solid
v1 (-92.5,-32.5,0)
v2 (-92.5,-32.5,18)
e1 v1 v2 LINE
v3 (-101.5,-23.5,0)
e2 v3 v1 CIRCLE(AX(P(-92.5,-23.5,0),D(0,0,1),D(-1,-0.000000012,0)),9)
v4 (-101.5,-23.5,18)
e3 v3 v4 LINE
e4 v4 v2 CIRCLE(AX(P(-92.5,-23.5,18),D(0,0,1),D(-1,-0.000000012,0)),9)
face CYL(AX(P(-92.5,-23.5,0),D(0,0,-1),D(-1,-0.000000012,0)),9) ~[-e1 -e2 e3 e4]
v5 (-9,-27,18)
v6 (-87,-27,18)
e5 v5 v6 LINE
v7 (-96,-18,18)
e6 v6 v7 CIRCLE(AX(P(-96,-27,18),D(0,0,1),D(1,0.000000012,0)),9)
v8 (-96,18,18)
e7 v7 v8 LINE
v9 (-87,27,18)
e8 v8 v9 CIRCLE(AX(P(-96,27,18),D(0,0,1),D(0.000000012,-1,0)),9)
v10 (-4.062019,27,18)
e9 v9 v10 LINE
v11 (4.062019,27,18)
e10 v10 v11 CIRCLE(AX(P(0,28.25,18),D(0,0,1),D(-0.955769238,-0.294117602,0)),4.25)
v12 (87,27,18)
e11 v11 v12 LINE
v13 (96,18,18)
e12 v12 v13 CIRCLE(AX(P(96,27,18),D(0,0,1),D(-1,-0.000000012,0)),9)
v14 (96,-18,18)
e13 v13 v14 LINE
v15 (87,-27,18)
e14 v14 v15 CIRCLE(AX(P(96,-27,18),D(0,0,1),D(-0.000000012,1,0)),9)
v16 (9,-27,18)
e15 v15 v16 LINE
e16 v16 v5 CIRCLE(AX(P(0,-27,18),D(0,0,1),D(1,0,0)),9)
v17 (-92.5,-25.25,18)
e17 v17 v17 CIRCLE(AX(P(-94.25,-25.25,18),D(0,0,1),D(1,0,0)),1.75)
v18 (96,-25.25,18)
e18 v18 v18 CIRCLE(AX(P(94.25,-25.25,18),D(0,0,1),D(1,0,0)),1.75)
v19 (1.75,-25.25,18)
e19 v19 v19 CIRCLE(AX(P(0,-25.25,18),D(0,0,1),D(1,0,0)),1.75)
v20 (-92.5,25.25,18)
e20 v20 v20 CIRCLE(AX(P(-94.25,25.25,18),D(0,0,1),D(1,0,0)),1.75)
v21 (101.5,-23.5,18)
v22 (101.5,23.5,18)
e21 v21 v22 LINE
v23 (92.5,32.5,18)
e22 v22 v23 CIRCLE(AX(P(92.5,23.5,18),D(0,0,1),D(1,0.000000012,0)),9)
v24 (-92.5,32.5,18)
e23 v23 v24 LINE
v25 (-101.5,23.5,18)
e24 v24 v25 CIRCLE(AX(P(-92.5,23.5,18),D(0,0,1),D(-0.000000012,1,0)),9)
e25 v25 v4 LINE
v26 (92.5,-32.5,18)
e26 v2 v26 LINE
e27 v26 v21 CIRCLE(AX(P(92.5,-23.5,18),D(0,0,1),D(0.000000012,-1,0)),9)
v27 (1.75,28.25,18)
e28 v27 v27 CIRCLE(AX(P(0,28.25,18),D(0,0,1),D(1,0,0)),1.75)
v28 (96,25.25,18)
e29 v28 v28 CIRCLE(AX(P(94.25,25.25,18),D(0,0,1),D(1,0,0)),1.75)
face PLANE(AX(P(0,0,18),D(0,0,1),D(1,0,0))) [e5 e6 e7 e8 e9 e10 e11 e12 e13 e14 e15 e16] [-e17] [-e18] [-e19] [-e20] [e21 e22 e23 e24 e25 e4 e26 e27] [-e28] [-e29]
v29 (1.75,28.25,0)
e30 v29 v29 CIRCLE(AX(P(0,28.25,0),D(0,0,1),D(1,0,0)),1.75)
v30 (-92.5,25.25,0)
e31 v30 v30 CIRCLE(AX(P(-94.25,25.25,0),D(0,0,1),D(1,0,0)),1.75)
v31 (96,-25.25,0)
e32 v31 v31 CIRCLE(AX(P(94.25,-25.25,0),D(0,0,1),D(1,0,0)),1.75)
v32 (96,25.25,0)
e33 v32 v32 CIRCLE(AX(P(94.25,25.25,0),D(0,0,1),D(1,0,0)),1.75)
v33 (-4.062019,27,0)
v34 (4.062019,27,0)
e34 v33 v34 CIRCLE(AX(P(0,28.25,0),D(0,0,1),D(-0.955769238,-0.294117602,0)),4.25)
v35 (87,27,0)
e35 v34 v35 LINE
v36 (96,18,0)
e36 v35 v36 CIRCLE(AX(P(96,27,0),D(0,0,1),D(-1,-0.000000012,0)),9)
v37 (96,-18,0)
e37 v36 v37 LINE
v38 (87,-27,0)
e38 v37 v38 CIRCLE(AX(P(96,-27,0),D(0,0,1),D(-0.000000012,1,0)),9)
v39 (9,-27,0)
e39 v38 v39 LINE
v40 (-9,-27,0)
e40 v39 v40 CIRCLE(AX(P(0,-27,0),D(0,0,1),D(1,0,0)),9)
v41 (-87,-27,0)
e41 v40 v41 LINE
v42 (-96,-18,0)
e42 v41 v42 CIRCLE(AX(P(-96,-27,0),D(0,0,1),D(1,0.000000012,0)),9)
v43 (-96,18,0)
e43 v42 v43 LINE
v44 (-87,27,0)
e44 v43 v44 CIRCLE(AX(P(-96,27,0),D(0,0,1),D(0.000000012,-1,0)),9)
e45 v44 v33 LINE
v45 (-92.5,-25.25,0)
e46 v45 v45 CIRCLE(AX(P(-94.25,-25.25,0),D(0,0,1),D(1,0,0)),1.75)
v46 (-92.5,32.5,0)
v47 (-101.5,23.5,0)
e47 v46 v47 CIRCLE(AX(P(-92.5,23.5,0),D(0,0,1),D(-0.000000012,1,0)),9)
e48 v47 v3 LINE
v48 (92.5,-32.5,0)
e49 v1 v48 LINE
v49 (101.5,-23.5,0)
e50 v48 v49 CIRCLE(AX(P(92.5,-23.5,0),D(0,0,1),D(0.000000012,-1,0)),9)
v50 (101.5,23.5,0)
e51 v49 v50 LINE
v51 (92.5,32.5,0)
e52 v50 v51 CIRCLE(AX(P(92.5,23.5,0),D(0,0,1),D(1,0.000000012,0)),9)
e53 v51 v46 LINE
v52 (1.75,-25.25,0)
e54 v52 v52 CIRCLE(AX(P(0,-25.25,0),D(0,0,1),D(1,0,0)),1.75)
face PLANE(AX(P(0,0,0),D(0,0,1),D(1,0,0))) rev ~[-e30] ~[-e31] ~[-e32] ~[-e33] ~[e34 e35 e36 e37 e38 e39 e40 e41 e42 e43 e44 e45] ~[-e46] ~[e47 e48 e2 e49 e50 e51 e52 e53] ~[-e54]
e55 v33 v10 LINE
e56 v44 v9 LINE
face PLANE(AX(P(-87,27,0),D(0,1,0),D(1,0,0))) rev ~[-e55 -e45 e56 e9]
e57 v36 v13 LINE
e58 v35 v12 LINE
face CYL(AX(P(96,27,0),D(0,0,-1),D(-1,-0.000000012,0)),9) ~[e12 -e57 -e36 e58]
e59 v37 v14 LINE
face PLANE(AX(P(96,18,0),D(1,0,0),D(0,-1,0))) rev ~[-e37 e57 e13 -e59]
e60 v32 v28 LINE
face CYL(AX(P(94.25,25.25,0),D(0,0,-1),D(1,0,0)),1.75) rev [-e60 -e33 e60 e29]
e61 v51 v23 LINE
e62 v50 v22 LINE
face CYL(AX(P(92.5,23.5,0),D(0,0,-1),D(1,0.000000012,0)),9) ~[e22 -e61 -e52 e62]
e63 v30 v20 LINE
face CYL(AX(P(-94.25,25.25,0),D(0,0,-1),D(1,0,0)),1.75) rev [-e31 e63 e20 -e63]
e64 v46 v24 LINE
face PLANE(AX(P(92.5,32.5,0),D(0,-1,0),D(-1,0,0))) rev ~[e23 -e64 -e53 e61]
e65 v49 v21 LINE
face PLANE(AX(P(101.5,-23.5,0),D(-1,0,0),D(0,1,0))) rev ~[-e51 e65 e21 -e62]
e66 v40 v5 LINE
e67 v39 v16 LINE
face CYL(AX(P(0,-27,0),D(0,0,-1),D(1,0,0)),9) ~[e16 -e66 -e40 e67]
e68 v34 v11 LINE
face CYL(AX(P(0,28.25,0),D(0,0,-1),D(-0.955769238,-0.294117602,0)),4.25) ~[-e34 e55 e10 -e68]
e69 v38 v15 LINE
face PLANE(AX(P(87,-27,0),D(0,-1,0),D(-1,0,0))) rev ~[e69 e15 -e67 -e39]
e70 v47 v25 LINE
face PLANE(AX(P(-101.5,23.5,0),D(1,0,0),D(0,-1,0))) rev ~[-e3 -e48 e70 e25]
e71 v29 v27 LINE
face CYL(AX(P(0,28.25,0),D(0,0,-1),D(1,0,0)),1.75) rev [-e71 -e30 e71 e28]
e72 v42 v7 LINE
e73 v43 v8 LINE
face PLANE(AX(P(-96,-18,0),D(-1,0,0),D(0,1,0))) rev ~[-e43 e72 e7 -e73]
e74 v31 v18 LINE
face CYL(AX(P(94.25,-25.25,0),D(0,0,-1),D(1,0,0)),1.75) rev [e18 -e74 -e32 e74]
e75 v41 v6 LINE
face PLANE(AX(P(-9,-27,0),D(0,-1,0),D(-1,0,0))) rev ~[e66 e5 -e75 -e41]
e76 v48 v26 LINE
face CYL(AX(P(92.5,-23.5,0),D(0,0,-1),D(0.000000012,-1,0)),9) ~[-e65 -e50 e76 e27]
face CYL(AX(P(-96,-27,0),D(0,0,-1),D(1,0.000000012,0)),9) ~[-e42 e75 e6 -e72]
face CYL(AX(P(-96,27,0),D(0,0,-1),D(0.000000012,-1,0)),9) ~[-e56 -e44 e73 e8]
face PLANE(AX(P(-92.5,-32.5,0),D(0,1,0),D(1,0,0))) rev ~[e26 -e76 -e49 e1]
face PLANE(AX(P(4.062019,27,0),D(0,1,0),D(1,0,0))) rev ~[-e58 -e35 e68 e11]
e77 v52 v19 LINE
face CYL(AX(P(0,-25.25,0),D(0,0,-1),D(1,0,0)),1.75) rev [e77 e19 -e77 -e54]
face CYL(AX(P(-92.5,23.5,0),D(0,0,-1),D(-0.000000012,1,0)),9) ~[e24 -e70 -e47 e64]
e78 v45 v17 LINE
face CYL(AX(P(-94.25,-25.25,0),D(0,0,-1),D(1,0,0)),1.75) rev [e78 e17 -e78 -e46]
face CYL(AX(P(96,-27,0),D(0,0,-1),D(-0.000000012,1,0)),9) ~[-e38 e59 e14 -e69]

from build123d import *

# Parameters (mm, degrees)
F0_R     = 1.75
F1_DEPTH = 18


with BuildPart() as f1:
    # F0 (on Top) → F1 (new body)
    with BuildSketch(Plane.XY):
        with BuildLine():
            Line((-92.5, -32.5), (92.5, -32.5))
            ThreePointArc((92.5, -32.5), (98.863961, -29.863961), (101.5, -23.5))
            Line((101.5, -23.5), (101.5, 23.5))
            ThreePointArc((101.5, 23.5), (98.863961, 29.863961), (92.5, 32.5))
            Line((92.5, 32.5), (-92.5, 32.5))
            ThreePointArc((-92.5, 32.5), (-98.863961, 29.863961), (-101.5, 23.5))
            Line((-101.5, 23.5), (-101.5, -23.5))
            ThreePointArc((-101.5, -23.5), (-98.863961, -29.863961), (-92.5, -32.5))
        make_face()
        with Locations((-94.25, -25.25)):
            Circle(F0_R, mode=Mode.SUBTRACT)
        with Locations((0, -25.25)):
            Circle(F0_R, mode=Mode.SUBTRACT)
        with Locations((94.25, -25.25)):
            Circle(F0_R, mode=Mode.SUBTRACT)
        with Locations((-94.25, 25.25)):
            Circle(F0_R, mode=Mode.SUBTRACT)
        with BuildLine():
            ThreePointArc((-87, -27), (-89.636039, -20.636039), (-96, -18))
            Line((-96, -18), (-96, 18))
            ThreePointArc((-96, 18), (-89.636039, 20.636039), (-87, 27))
            Line((-87, 27), (-4.062019, 27))
            ThreePointArc((-4.062019, 27), (0, 24), (4.062019, 27))
            Line((4.062019, 27), (87, 27))
            ThreePointArc((87, 27), (89.636039, 20.636039), (96, 18))
            Line((96, 18), (96, -18))
            ThreePointArc((96, -18), (89.636039, -20.636039), (87, -27))
            Line((87, -27), (9, -27))
            ThreePointArc((9, -27), (0, -18), (-9, -27))
            Line((-9, -27), (-87, -27))
        make_face(mode=Mode.SUBTRACT)
        with Locations((0, 28.25)):
            Circle(F0_R, mode=Mode.SUBTRACT)
        with Locations((94.25, 25.25)):
            Circle(F0_R, mode=Mode.SUBTRACT)
    extrude(amount=F1_DEPTH)


solid = f1.part
